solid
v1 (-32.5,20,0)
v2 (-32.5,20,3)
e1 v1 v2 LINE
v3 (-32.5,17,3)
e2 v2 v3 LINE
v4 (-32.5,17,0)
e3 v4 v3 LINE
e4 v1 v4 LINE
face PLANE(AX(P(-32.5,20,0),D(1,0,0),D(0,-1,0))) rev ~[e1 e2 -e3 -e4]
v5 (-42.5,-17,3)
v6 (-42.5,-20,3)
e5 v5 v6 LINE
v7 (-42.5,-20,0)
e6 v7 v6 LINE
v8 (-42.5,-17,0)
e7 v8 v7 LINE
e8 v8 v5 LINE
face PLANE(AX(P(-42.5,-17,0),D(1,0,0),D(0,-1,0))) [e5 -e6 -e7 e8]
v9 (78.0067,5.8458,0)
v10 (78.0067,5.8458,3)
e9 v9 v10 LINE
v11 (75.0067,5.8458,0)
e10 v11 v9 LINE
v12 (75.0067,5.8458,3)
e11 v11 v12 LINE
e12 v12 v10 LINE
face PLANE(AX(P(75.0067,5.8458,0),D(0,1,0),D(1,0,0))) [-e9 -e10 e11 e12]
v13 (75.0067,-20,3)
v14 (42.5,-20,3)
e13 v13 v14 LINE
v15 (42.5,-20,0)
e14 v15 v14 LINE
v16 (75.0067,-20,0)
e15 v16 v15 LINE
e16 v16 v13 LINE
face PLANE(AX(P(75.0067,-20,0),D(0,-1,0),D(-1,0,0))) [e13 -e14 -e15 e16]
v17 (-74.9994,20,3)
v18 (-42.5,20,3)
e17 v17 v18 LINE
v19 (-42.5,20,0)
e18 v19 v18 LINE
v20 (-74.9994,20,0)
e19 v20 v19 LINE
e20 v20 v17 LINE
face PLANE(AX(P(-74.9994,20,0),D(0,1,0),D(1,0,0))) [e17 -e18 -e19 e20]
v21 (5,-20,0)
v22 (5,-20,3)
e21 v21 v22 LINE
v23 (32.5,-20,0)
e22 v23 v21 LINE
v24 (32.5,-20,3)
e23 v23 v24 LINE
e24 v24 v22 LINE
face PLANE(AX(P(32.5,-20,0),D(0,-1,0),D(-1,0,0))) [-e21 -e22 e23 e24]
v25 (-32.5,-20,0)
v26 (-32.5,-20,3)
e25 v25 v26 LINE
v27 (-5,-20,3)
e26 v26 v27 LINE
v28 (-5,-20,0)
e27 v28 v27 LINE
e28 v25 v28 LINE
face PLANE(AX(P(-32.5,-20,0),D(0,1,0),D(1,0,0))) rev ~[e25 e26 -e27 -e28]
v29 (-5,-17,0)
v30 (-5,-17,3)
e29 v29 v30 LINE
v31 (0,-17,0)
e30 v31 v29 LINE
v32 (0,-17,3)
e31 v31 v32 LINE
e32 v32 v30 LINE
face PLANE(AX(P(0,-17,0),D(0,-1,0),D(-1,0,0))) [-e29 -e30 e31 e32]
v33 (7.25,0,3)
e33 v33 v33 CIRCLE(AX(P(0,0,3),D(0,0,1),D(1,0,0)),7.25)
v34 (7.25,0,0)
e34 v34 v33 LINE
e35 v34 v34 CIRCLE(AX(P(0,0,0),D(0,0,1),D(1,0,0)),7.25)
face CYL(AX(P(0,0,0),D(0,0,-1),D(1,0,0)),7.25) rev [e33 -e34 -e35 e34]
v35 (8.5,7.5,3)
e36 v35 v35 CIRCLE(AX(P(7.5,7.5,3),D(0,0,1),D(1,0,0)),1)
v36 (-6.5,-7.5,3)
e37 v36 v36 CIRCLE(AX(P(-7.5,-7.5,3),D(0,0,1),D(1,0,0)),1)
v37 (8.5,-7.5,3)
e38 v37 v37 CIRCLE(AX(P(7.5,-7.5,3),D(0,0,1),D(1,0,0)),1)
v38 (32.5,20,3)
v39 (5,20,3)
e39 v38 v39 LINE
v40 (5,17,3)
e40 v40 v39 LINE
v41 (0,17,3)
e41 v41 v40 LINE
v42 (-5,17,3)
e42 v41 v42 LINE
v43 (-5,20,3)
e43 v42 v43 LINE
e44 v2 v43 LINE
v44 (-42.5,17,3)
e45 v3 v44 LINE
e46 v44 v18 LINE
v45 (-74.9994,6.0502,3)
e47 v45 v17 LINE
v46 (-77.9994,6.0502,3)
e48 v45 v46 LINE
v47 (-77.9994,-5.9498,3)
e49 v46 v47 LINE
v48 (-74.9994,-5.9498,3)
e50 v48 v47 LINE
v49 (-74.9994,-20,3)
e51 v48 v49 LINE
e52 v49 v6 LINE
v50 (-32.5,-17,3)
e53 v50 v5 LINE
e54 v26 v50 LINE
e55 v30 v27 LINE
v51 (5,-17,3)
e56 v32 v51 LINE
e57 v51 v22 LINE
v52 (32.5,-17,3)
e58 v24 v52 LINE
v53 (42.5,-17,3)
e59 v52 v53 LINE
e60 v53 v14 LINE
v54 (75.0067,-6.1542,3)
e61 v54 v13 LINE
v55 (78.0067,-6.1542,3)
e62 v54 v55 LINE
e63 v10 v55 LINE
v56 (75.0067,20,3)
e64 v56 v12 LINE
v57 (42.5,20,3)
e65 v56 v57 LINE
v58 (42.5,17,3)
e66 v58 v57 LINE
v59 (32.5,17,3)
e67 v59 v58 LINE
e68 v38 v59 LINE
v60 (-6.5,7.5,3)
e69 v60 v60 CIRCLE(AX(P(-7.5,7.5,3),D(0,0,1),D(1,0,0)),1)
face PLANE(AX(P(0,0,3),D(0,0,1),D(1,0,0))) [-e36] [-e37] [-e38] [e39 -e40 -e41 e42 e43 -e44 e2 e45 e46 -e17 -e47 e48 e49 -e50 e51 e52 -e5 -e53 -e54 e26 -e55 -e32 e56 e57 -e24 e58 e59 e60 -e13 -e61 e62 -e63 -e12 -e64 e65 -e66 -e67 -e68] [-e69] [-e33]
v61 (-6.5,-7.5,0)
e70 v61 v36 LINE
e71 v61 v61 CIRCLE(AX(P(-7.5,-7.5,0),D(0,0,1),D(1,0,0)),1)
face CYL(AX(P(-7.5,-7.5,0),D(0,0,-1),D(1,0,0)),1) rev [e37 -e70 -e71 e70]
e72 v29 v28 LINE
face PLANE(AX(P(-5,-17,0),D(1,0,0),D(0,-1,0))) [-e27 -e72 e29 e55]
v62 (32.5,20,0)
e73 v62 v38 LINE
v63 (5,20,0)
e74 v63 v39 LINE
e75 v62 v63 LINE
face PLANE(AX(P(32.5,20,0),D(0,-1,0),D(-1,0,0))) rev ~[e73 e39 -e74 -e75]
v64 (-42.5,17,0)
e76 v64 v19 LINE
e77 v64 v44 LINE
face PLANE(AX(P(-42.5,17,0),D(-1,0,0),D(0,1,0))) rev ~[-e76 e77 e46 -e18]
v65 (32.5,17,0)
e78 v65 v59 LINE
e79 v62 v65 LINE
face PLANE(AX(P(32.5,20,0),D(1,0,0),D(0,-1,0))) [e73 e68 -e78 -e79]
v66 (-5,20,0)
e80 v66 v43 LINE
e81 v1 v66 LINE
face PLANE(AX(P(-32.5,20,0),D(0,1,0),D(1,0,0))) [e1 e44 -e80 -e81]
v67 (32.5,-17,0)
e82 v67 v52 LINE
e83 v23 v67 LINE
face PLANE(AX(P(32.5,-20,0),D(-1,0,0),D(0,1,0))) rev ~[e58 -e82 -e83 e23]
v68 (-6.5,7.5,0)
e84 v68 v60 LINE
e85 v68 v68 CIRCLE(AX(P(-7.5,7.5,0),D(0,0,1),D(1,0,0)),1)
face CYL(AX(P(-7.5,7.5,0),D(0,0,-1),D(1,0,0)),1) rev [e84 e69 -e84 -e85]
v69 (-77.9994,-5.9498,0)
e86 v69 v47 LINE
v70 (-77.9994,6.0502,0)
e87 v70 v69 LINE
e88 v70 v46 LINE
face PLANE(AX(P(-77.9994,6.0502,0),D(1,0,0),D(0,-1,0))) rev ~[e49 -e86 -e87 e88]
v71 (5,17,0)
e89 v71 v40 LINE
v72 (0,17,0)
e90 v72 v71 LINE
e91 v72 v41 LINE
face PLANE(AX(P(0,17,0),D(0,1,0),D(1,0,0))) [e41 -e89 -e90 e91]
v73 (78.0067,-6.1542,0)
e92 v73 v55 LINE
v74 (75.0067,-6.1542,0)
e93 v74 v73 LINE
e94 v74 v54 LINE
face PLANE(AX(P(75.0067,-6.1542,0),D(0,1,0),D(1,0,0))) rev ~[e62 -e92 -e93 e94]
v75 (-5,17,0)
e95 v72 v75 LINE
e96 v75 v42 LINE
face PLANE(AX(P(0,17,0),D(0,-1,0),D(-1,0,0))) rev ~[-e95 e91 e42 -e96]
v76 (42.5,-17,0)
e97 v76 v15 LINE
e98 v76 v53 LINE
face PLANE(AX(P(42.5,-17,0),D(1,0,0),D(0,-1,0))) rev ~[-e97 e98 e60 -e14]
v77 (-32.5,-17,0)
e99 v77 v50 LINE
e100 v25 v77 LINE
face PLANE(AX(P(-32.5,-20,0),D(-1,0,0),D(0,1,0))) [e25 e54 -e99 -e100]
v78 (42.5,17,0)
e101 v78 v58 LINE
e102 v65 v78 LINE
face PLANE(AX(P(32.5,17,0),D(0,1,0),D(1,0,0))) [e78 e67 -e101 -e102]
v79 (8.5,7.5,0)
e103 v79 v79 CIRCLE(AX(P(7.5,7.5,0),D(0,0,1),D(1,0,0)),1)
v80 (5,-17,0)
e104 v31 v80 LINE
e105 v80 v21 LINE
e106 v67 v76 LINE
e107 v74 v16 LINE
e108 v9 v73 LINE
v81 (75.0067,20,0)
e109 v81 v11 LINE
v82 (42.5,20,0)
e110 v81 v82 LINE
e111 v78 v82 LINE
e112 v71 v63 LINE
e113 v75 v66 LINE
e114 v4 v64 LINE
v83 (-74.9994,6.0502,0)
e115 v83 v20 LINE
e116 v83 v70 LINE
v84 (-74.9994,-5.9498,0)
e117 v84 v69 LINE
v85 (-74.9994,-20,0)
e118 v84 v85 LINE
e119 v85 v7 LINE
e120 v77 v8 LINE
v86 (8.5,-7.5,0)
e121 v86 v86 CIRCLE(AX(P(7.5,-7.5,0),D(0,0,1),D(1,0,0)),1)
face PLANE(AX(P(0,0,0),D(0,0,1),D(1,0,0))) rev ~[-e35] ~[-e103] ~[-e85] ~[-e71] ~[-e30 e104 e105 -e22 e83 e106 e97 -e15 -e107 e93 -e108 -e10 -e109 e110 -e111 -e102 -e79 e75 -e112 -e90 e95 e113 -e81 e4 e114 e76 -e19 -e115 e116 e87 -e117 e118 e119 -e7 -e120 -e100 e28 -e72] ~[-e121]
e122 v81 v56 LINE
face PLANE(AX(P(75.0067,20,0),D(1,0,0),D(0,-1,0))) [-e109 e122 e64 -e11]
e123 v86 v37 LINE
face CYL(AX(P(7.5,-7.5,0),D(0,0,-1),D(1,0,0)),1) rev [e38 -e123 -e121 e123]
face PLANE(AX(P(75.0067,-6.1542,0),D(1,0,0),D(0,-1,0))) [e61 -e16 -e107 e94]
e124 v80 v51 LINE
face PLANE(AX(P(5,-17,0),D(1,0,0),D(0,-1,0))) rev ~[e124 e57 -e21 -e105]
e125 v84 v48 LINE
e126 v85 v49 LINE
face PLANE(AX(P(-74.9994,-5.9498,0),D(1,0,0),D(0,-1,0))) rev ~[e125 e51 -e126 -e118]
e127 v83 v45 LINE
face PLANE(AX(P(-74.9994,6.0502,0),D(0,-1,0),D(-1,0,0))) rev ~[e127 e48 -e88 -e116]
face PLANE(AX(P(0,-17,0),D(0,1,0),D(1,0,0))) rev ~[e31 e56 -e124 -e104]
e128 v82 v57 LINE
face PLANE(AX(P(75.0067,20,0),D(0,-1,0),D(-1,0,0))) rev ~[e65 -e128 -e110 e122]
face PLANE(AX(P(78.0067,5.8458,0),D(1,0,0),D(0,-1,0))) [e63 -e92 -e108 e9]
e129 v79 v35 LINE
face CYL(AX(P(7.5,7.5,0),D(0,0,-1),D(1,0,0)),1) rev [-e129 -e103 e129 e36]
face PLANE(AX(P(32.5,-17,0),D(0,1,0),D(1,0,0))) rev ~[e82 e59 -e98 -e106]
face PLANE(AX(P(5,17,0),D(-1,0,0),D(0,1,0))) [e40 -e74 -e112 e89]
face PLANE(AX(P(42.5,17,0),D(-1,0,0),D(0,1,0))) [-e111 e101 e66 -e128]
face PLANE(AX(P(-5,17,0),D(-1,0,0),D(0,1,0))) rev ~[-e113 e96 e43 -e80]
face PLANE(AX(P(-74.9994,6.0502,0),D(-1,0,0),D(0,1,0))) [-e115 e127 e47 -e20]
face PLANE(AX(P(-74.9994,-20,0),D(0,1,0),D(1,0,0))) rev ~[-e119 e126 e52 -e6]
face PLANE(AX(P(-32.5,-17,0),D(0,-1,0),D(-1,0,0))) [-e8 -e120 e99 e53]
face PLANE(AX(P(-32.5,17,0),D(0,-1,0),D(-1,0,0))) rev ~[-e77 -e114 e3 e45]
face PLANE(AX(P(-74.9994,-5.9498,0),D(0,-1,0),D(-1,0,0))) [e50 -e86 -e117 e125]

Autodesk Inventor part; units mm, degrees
ref_plane "YZ Plane" through (0, 0, 0) normal (1, 0, 0) x (0, 1, 0)
ref_plane "XZ Plane" through (0, 0, 0) normal (0, 1, 0) x (-1, 0, 0)
ref_plane "XY Plane" through (0, 0, 0) normal (0, 0, 1) x (1, 0, 0)
sketch "Эскиз1" plane through (0, 0, 0) normal (0, 0, 1) x (1, 0, 0)
  line L0 (-74.9994, 20) -> (-42.5, 20)
  line L1 (-32.5, 20) -> (-32.5, 17)
  line L2 (-32.5, 17) -> (-42.5, 17)
  line L3 (-42.5, 17) -> (-42.5, 20)
  line L4 (-32.5, 20) -> (-5, 20)
  line L5 (0, 17) -> (-5, 17)
  line L6 (-5, 17) -> (-5, 20)
  line L7 (-74.9994, 6.0502) -> (-77.9994, 6.0502)
  line L8 (-74.9994, 20) -> (-42.5, 20)
  line L9 (-32.5, 20) -> (-5, 20)
  line L10 (75.0067, 20) -> (42.5, 20)
  line L11 (32.5, 20) -> (32.5, 17)
  line L12 (32.5, 17) -> (42.5, 17)
  line L13 (42.5, 17) -> (42.5, 20)
  line L14 (32.5, 20) -> (5, 20)
  line L15 (0, 17) -> (5, 17)
  line L16 (5, 17) -> (5, 20)
  line L17 (75.0067, 5.8458) -> (78.0067, 5.8458)
  line L18 (75.0067, 20) -> (42.5, 20)
  line L19 (32.5, 20) -> (5, 20)
  line L20 (-74.9994, -20) -> (-42.5, -20)
  line L21 (-32.5, -20) -> (-32.5, -17)
  line L22 (-32.5, -17) -> (-42.5, -17)
  line L23 (-42.5, -17) -> (-42.5, -20)
  line L24 (-32.5, -20) -> (-5, -20)
  line L25 (-32.5, -20) -> (-5, -20)
  line L26 (-74.9994, -5.9498) -> (-77.9994, -5.9498)
  line L27 (-74.9994, -20) -> (-42.5, -20)
  line L28 (-5, -17) -> (-5, -20)
  line L29 (0, -17) -> (-5, -17)
  line L30 (0, -17) -> (5, -17)
  line L31 (32.5, -20) -> (32.5, -17)
  line L32 (32.5, -20) -> (5, -20)
  line L33 (32.5, -20) -> (5, -20)
  line L34 (32.5, -17) -> (42.5, -17)
  line L35 (42.5, -17) -> (42.5, -20)
  line L36 (75.0067, -20) -> (42.5, -20)
  line L37 (75.0067, -20) -> (42.5, -20)
  line L38 (75.0067, -6.1542) -> (78.0067, -6.1542)
  line L39 (5, -17) -> (5, -20)
  line L40 (-74.9994, 6.0502) -> (-74.9994, 20)
  line L41 (-74.9994, -5.9498) -> (-74.9994, -20)
  line L42 (-74.9994, 6.0502) -> (-77.9994, 6.0502)
  line L43 (-77.9994, 6.0502) -> (-77.9994, -5.9498)
  line L44 (-77.9994, -5.9498) -> (-74.9994, -5.9498)
  line L45 (75.0067, 20) -> (75.0067, 5.8458)
  line L46 (75.0067, -6.1542) -> (75.0067, -20)
  line L47 (75.0067, 5.8458) -> (78.0067, 5.8458)
  line L48 (78.0067, 5.8458) -> (78.0067, -6.1542)
  line L49 (78.0067, -6.1542) -> (75.0067, -6.1542)
  circle A0 centre (0, 0) radius 7.25
  circle A1 centre (-7.5, -7.5) radius 1
  circle A2 centre (7.5, -7.5) radius 1
  circle A3 centre (7.5, 7.5) radius 1
  circle A4 centre (-7.5, 7.5) radius 1
extrude "Выдавливание1" add sketch "Эскиз1" along normal blind 3
properties part number "Стекнка t2"
